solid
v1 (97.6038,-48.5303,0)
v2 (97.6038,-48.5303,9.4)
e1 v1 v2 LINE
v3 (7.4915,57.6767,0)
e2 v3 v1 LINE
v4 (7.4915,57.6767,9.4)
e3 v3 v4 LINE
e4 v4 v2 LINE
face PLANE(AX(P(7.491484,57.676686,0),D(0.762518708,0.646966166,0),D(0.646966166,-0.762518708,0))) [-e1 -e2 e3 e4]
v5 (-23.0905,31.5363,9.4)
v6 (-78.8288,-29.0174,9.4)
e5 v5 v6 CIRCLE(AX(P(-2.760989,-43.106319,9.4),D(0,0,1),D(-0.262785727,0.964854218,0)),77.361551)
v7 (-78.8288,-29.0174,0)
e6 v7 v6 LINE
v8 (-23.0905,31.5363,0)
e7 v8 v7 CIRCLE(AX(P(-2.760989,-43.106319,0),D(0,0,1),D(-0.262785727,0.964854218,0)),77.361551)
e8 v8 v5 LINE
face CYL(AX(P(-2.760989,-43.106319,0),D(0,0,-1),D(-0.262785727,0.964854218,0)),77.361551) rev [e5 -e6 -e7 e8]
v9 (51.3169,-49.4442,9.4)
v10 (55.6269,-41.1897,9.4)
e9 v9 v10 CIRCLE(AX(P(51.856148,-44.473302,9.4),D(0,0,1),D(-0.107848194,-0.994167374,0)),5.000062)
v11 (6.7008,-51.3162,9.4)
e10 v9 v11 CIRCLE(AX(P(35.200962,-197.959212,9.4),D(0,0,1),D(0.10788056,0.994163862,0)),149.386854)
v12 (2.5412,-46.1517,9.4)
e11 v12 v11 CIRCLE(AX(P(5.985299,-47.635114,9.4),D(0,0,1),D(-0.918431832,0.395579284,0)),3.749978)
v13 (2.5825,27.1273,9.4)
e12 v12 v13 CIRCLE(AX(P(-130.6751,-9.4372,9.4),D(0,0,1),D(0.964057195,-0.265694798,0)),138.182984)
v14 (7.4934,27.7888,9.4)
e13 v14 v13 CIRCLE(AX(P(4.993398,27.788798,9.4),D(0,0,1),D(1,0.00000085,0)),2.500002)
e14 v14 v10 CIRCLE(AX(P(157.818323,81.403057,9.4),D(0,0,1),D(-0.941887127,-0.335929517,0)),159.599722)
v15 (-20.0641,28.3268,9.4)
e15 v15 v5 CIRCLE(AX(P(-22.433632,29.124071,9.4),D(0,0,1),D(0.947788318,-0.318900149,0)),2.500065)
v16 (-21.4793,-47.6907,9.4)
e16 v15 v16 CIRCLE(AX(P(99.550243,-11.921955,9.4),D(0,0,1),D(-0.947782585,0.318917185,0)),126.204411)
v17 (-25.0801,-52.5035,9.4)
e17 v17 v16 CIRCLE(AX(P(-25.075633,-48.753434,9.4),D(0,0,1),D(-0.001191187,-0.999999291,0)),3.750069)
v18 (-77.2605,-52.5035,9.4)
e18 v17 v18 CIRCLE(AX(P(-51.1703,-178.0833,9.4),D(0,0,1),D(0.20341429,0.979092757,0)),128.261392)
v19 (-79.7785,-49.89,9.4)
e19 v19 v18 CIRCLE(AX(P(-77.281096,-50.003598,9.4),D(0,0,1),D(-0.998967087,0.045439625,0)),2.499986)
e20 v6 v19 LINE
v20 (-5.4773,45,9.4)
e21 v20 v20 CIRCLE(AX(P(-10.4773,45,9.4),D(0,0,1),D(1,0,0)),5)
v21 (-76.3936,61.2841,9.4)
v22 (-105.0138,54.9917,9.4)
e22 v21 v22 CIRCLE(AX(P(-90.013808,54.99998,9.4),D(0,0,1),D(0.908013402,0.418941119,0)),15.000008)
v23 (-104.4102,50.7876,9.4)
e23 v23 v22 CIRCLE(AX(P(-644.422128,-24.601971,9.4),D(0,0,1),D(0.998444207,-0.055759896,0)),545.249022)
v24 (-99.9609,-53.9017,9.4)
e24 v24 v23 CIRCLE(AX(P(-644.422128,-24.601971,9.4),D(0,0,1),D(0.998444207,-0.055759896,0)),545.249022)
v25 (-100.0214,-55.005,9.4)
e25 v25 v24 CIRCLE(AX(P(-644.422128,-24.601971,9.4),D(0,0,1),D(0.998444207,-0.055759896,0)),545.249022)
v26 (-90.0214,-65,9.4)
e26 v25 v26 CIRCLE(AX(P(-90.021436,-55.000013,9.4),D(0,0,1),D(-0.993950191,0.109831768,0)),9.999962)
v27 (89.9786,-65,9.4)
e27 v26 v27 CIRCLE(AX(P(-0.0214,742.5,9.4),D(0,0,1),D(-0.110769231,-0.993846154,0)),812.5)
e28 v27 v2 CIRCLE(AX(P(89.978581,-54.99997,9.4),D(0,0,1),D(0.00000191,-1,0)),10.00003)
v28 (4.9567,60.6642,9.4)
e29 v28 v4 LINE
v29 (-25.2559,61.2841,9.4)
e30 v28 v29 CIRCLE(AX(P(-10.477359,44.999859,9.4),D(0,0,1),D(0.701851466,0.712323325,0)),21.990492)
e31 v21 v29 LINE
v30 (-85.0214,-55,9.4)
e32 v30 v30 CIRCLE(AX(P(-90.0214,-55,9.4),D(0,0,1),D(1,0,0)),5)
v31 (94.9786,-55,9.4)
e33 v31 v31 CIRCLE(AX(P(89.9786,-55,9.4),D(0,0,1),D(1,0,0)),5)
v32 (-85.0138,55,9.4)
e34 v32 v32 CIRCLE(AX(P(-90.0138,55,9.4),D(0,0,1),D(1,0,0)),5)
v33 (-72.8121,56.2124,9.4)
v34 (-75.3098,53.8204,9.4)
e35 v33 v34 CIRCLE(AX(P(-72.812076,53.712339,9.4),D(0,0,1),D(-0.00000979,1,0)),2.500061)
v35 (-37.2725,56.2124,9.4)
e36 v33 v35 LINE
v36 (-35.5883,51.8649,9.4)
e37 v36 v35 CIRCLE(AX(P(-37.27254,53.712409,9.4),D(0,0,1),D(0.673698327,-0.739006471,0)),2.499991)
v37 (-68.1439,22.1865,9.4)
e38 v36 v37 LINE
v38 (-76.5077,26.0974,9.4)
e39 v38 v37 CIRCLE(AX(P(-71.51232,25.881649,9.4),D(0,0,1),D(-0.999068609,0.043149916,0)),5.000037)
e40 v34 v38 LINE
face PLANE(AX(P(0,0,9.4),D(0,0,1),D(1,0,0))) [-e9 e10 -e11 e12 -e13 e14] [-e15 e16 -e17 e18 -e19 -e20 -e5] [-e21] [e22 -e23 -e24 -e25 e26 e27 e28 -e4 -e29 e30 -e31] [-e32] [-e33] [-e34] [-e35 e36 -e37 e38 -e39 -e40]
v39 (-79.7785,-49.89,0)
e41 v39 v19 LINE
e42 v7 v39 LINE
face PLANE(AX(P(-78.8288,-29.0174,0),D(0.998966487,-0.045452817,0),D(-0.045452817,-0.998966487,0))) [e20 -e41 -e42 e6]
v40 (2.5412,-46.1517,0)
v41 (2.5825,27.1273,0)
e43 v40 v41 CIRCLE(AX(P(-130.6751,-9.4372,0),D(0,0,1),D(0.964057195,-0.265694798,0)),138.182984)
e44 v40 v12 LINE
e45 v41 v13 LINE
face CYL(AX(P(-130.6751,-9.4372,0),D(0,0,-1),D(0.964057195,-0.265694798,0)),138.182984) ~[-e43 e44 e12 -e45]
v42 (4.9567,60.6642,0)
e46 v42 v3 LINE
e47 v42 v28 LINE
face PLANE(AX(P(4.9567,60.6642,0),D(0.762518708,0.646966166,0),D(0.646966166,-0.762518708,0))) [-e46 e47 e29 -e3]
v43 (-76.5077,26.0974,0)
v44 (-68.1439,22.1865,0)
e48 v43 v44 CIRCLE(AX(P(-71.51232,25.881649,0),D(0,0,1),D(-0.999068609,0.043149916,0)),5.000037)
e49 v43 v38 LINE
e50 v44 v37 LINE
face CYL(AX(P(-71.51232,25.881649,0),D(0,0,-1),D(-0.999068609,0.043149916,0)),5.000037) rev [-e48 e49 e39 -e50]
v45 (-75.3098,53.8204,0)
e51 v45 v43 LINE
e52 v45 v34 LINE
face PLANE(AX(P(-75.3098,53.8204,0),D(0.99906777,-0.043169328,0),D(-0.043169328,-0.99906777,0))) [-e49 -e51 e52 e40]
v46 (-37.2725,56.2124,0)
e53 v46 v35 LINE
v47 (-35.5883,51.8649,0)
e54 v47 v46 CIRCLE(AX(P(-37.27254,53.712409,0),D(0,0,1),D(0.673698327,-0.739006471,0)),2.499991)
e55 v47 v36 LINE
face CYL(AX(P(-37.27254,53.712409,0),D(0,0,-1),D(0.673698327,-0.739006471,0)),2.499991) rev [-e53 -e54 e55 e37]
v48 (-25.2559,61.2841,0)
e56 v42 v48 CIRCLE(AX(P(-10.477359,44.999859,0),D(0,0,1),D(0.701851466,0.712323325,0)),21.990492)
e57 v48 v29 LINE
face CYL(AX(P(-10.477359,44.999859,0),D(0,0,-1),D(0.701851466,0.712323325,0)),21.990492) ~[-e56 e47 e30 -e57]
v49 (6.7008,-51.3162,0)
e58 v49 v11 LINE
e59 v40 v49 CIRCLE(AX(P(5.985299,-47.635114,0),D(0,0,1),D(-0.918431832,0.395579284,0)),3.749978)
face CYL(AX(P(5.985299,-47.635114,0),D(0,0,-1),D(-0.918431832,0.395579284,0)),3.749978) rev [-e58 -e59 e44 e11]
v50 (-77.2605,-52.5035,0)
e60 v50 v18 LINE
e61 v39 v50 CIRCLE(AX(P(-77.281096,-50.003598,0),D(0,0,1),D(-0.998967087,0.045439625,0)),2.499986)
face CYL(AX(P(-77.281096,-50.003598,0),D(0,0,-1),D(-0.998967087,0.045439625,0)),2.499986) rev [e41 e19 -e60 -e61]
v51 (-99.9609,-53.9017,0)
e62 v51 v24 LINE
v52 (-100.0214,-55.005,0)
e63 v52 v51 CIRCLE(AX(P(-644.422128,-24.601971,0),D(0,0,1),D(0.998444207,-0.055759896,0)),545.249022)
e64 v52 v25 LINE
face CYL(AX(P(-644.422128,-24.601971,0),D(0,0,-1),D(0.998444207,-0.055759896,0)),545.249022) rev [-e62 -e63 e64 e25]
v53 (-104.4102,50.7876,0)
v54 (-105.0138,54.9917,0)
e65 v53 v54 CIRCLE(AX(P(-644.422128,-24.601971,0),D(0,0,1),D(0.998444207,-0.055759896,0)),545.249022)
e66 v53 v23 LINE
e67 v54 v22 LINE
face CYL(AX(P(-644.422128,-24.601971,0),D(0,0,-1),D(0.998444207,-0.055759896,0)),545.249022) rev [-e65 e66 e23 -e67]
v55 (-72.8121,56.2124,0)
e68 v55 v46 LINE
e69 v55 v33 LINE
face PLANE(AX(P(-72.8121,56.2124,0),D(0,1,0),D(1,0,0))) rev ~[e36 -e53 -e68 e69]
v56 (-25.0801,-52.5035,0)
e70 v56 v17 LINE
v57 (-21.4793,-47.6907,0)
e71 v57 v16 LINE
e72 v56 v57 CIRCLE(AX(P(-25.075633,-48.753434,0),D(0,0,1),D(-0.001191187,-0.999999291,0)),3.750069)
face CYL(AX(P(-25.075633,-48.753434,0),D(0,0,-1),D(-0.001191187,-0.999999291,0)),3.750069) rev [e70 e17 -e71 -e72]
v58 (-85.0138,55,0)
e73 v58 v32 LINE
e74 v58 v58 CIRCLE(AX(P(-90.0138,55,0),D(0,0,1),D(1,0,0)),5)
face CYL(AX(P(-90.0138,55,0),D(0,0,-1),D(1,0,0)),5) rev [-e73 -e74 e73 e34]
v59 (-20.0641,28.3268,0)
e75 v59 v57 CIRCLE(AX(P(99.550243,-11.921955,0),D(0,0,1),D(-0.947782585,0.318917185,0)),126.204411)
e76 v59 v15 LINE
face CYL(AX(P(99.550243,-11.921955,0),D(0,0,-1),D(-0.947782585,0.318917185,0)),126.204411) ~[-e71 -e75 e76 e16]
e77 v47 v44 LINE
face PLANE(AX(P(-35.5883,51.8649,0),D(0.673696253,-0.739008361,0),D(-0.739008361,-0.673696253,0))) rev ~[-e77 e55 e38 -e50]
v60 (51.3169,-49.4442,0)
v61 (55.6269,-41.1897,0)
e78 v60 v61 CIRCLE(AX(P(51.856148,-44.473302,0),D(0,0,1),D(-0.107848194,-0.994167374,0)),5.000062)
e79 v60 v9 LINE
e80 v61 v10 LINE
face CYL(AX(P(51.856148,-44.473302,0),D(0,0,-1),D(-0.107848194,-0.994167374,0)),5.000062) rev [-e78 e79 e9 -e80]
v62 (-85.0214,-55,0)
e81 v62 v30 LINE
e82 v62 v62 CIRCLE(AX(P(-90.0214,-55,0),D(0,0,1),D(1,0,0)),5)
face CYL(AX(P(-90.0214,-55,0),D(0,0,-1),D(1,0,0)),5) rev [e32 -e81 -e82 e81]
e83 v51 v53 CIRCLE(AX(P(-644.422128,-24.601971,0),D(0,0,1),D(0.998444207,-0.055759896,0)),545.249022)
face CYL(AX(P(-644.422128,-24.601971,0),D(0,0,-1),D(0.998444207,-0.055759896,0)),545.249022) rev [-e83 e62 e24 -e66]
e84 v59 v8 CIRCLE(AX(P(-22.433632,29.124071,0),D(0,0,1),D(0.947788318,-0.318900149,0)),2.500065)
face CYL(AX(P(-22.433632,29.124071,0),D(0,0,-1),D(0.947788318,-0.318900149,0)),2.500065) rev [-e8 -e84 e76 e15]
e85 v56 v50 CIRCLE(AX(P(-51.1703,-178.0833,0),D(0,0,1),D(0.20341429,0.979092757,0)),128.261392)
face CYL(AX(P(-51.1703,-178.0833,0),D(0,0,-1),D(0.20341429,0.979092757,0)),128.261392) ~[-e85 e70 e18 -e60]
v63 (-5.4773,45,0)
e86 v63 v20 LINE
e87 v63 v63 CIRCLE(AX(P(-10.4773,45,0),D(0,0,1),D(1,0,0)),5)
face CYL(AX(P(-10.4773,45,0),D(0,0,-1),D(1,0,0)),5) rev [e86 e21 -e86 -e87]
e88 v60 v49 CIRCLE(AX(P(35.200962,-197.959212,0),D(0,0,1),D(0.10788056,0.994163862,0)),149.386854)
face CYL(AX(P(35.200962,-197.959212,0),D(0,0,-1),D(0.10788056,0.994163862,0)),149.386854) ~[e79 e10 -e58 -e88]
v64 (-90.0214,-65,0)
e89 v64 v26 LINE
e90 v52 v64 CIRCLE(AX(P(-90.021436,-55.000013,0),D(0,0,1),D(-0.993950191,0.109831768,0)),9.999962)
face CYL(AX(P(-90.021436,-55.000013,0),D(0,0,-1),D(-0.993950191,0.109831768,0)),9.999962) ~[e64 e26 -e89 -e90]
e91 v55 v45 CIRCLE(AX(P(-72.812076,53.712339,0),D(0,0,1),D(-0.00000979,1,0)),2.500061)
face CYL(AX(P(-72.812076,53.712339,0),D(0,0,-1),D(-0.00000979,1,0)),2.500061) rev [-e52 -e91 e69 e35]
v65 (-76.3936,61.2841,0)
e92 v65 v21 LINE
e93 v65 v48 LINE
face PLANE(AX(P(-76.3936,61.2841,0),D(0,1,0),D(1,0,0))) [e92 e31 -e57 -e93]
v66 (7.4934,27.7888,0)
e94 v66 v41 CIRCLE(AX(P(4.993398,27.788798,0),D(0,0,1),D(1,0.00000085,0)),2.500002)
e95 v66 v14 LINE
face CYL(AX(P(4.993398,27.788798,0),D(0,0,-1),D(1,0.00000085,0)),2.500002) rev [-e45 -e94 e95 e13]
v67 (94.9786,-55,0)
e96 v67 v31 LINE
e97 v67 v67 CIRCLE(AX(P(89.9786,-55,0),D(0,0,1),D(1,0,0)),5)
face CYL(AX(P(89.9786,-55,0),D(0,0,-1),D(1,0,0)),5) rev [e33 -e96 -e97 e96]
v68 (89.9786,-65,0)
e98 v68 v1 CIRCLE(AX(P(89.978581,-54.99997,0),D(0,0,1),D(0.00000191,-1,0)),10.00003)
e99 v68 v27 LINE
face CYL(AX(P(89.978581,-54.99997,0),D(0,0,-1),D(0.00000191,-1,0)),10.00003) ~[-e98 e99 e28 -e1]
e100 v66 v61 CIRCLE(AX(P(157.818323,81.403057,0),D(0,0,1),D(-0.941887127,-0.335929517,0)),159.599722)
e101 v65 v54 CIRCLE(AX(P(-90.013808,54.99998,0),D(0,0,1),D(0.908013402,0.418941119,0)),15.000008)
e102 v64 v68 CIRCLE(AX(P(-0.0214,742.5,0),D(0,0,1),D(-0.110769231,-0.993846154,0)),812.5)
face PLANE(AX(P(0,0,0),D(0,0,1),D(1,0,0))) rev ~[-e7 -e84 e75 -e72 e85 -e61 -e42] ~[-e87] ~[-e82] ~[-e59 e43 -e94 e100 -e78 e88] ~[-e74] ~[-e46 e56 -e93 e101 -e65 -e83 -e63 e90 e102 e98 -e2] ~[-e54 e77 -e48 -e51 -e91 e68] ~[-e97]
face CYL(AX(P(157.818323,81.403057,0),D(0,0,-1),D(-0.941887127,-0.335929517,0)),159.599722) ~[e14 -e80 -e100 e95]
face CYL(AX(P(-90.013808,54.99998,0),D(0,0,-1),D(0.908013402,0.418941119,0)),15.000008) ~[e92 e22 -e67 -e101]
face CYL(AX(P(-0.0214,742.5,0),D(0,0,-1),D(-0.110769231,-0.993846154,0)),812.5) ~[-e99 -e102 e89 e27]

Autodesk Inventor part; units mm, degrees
ref_plane "YZ Plane" through (0, 0, 0) normal (1, 0, 0) x (0, 1, 0)
ref_plane "XZ Plane" through (0, 0, 0) normal (0, 1, 0) x (-1, 0, 0)
ref_plane "XY Plane" through (0, 0, 0) normal (0, 0, 1) x (1, 0, 0)
sketch "Sketch1" plane through (0, 0, 0) normal (0, 0, 1) x (1, 0, 0)
  line L0 (-110, 70) -> (110, 70) construction
  line L1 (110, 70) -> (110, -70) construction
  line L2 (110, -70) -> (-110, -70) construction
  line L3 (-110, -70) -> (-110, 70) construction
  circle A0 centre (-90.0138, 55) radius 5
  circle A1 centre (-90.0214, -55) radius 5
  circle A2 centre (89.9786, -55) radius 5
  circle A3 centre (-10.4773, 45) radius 5
  line L4 (-67, 0) -> (-42, 0) construction
  line L5 (-42, 0) -> (-42, -30) construction
  line L6 (-42, -30) -> (-67, -30) construction
  line L7 (-67, -30) -> (-67, 0) construction
  circle A4 centre (-54.5, -19) radius 10 construction
  arc A5 (-76.3936, 61.2841) -> (-104.4102, 50.7876) centre (-90.0138, 55) ccw
  arc A6 (-99.9609, -53.9017) -> (-88.1312, -64.8197) centre (-90.0214, -55) ccw
  arc A7 (-100.0214, -55.005) -> (-105.0138, 54.9917) centre (-644.4166, -24.602) ccw
  line L8 (-35.5883, 51.8649) -> (-68.1439, 22.1865)
  line L9 (-75.3098, 53.8204) -> (-76.5077, 26.0974)
  line L10 (-78.8288, -29.0174) -> (-79.7785, -49.89)
  arc A8 (89.9786, -65) -> (97.6038, -48.5303) centre (89.9786, -55) ccw
  line L11 (4.9567, 60.6642) -> (97.6038, -48.5303)
  arc A9 (4.9567, 60.6642) -> (-25.2559, 61.2841) centre (-10.4773, 45) ccw
  arc A10 (-76.5077, 26.0974) -> (-68.1439, 22.1865) centre (-71.5124, 25.8816) ccw
  line L12 (-76.3936, 61.2841) -> (-25.2559, 61.2841)
  line L13 (-72.8121, 56.2124) -> (-37.2725, 56.2124)
  arc A11 (-72.8121, 56.2124) -> (-75.3098, 53.8204) centre (-72.8121, 53.7124) ccw
  arc A12 (-35.5883, 51.8649) -> (-37.2725, 56.2124) centre (-37.2725, 53.7124) ccw
  arc A13 (-20.0641, 28.3268) -> (-21.4793, -47.6907) centre (99.5505, -11.922) ccw
  circle A14 centre (-63.5274, -9.3914) radius 3 construction
  circle A15 centre (-57.919, -6.3914) radius 3 construction
  circle A16 centre (-51.0643, -6.3914) radius 3 construction
  circle A17 centre (-45.5038, -9.3914) radius 3 construction
  arc A18 (-23.0905, 31.5363) -> (-78.8288, -29.0174) centre (-2.761, -43.1063) ccw
  arc A19 (-20.0641, 28.3268) -> (-23.0905, 31.5363) centre (-22.4335, 29.1241) ccw
  arc A20 (-25.0801, -52.5035) -> (-21.4793, -47.6907) centre (-25.0756, -48.7535) ccw
  arc A21 (-79.7785, -49.89) -> (-77.2605, -52.5035) centre (-77.2811, -50.0036) ccw
  arc A22 (-90.0214, -65) -> (89.9786, -65) centre (-0.0214, 742.5) ccw
  arc A23 (-25.0801, -52.5035) -> (-77.2605, -52.5035) centre (-51.1703, -178.0833) ccw
  arc A24 (89.9786, -65) -> (97.6038, -48.5303) centre (89.9786, -55) ccw
  arc A25 (51.3169, -49.4442) -> (6.7008, -51.3162) centre (35.2009, -197.9611) ccw
  arc A26 (7.4915, 57.6767) -> (-25.2559, 61.2841) centre (-10.4773, 45) ccw
  arc A27 (2.5412, -46.1517) -> (6.7008, -51.3162) centre (5.9854, -47.6351) ccw
  arc A28 (51.3169, -49.4442) -> (55.6269, -41.1897) centre (51.8562, -44.4734) ccw
  arc A29 (2.5412, -46.1517) -> (2.5412, 27.2773) centre (-130.6751, -9.4372) ccw
  arc A30 (7.4934, 27.7888) -> (2.5825, 27.1273) centre (4.9934, 27.7888) ccw
  arc A31 (7.4934, 27.7888) -> (55.6269, -41.1897) centre (157.8186, 81.4032) ccw
  point P0 (0, 0)
  point P1 (-90.7944, -64.9701)
  point P2 (-90.0214, -65)
  dimension "d1" = 70
  dimension "d2" = 70
  dimension "d5" = 10
  dimension "d6" = 10
  dimension "d7" = 10
  dimension "d8" = 10
  dimension "d9" = 55
  dimension "d10" = 55
  dimension "d11" = 55
  dimension "d12" = 180
  dimension "d16" = 45
  dimension "d17" = 42
  dimension "d18" = 30
  dimension "d19" = 0
  dimension "d20" = 25
  dimension "d21" = 20
  dimension "d25" = 19
  dimension "d26" = 12.5
  dimension "d68" = 30
  dimension "d70" = 20
  dimension "d71" = 20
  dimension "d74" = 10
  dimension "d75" = 5
  dimension "d76" = 5
  dimension "d77" = 6
  dimension "d78" = 6
  dimension "d79" = 6
  dimension "d80" = 6
  dimension "d81" = 5
  dimension "d84" = 7.5
  dimension "d88" = 5
  dimension "d92" = 7.5
  dimension "d93" = 10
  dimension "d94" = 5
extrude "Extrusion9" add sketch "Sketch1" along normal blind 9.4 contours L12 A9 L11 A8 A22 A6 A7 A5
equation "\"d1\" = d2"
equation "\"d10\" = d9"
equation "\"d11\" = d9"
equation "\"d26\" = 0.5 * d20"
properties part number "Bracket Concept MK11"
